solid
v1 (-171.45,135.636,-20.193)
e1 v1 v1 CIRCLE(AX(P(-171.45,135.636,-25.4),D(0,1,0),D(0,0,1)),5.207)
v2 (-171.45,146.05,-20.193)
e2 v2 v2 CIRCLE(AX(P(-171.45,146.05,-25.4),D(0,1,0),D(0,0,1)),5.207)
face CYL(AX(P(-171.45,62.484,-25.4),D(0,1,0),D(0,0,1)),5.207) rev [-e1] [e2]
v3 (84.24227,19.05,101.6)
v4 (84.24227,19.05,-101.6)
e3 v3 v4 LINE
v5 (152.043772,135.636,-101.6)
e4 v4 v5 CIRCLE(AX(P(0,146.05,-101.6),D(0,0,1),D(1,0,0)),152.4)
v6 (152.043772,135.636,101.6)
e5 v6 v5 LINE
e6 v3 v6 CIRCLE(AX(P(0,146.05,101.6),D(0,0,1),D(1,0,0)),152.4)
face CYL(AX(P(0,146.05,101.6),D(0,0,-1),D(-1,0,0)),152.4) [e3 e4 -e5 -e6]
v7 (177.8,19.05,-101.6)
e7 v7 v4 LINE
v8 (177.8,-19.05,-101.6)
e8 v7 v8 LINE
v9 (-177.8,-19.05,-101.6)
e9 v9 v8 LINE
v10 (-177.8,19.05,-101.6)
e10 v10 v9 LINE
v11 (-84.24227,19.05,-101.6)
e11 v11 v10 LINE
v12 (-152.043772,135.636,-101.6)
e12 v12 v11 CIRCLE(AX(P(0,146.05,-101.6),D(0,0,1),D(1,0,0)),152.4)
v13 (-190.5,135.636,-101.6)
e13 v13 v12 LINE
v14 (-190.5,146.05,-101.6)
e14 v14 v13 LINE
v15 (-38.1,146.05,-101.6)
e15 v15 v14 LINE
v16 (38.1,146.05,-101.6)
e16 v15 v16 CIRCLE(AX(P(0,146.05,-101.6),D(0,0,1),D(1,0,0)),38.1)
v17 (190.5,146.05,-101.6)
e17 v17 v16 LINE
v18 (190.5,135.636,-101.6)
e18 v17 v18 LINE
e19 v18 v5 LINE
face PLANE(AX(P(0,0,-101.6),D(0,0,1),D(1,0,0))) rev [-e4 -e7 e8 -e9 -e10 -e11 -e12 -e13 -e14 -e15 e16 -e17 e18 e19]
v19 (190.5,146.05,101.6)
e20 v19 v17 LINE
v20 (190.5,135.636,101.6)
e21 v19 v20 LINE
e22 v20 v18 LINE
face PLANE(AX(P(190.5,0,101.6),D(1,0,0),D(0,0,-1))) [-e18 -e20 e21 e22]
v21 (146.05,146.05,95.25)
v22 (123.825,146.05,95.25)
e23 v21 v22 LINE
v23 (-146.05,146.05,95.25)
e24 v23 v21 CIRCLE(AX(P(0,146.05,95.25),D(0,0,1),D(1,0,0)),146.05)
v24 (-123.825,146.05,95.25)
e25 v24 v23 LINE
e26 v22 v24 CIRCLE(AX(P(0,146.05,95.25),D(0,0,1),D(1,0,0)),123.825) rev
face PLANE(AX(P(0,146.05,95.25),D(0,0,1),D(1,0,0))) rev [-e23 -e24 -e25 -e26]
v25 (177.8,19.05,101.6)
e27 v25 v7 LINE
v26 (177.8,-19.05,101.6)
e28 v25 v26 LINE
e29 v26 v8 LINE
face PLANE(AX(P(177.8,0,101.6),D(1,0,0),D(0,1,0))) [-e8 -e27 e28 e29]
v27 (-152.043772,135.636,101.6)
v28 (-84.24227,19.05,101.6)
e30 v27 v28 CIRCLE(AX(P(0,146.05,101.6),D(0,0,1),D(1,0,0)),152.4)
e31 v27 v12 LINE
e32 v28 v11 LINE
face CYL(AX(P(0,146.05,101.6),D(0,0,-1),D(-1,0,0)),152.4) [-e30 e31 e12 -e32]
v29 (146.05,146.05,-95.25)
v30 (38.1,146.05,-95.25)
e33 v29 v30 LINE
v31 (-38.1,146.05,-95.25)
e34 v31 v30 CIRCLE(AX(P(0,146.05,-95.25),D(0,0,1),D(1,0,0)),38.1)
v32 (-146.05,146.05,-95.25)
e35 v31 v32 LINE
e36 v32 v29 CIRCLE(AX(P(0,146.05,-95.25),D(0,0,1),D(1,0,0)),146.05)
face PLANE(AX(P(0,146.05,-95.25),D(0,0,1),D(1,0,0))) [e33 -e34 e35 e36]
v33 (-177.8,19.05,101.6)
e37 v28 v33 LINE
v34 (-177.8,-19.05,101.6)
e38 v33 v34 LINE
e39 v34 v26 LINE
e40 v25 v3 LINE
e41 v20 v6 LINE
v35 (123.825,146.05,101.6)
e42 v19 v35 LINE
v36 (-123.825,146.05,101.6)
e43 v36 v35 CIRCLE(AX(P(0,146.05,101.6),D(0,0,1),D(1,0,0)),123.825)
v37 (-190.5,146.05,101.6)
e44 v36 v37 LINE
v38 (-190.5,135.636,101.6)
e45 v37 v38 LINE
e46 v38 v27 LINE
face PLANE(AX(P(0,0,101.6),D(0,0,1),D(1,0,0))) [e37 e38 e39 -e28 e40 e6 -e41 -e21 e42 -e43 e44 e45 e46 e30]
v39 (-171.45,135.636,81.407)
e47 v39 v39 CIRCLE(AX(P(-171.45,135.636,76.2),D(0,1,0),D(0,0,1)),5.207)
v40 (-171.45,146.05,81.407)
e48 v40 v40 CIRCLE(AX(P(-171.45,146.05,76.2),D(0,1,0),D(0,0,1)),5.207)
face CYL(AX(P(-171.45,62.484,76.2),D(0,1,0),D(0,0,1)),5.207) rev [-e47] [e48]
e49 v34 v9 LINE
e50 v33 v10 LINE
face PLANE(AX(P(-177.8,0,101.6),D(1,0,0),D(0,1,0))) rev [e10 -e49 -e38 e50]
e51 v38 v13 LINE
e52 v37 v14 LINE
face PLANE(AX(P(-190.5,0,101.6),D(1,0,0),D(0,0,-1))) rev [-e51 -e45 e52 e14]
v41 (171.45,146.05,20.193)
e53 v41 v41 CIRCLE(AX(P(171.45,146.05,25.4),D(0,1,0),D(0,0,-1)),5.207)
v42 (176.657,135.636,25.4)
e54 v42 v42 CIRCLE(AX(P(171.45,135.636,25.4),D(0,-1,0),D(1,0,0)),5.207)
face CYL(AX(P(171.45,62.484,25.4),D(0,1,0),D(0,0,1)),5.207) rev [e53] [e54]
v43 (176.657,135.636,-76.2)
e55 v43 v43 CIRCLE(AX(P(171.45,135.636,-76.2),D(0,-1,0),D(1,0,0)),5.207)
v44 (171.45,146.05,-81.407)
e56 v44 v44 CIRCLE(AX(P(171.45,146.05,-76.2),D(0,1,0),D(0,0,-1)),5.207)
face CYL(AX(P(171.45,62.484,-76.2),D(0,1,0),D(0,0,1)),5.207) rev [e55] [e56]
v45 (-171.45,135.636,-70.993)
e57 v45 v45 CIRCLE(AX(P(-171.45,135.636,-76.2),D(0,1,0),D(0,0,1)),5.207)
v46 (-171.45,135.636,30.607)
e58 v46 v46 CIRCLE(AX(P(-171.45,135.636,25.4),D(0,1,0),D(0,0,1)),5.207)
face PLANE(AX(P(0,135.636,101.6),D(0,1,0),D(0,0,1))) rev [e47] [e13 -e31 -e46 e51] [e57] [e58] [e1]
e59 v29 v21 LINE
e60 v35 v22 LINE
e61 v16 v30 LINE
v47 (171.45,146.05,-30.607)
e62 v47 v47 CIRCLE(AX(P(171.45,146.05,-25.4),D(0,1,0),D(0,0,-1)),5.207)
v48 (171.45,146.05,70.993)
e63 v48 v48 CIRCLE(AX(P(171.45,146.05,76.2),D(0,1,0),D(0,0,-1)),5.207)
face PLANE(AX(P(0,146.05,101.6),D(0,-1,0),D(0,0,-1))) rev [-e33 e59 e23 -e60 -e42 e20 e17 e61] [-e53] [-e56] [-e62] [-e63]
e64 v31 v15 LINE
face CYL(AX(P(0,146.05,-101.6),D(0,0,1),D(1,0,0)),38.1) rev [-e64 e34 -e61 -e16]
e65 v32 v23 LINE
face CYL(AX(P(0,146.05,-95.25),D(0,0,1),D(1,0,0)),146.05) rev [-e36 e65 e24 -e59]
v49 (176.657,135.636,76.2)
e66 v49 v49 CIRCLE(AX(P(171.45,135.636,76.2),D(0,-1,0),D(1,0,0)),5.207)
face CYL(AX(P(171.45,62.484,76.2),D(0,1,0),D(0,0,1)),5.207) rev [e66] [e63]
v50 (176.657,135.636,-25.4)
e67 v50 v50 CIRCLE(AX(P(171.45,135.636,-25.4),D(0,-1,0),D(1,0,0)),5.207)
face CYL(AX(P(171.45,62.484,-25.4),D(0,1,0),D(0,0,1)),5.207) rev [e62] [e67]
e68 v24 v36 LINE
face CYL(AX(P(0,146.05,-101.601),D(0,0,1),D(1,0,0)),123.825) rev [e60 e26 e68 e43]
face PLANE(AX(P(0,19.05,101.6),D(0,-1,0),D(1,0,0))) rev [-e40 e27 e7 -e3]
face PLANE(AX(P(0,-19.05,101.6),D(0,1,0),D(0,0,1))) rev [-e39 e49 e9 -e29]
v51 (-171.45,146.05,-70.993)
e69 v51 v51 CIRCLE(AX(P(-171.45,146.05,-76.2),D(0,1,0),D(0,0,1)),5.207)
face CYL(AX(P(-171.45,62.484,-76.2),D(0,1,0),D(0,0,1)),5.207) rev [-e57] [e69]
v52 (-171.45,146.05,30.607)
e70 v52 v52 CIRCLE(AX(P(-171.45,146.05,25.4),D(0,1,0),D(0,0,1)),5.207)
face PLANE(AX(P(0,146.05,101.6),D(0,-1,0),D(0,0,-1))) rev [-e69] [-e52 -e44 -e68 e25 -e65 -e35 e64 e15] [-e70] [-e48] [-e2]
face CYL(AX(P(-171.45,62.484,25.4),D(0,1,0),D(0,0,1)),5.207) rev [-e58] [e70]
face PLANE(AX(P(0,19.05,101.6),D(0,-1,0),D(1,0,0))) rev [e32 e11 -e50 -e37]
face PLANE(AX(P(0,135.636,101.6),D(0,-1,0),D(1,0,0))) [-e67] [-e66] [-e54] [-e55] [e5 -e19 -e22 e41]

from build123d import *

# Parameters (mm, degrees)
BOSS_EXTRUDE1_DEPTH = 101.6
CUT_EXTRUDE1_DEPTH  = 95.25
CUT_EXTRUDE2_REACH  = 316.501
SKETCH5_R           = 123.825
SKETCH6_R           = 38.1
CUT_EXTRUDE3_DEPTH  = 311.436426664
SKETCH7_R           = 5.207
CUT_EXTRUDE4_DEPTH  = 83.566


with BuildPart() as part:
    # Sketch2 → Boss-Extrude1 (new, symmetric)
    with BuildSketch(Plane.XY):
        with BuildLine():
            Line((-190.5, 135.636), (-152.043772, 135.636))
            ThreePointArc((-152.043772, 135.636), (0, -6.35), (152.043772, 135.636))
            Line((152.043772, 135.636), (190.5, 135.636))
            Line((190.5, 135.636), (190.5, 146.05))
            Line((190.5, 146.05), (152.4, 146.05))
            Line((152.4, 146.05), (-152.4, 146.05))
            Line((-152.4, 146.05), (-190.5, 146.05))
            Line((-190.5, 146.05), (-190.5, 135.636))
        make_face()
        with BuildLine():
            Line((-84.242269675, 19.05), (-177.8, 19.05))
            Line((-177.8, 19.05), (-177.8, -19.05))
            Line((-177.8, -19.05), (177.8, -19.05))
            Line((177.8, -19.05), (177.8, 19.05))
            Line((177.8, 19.05), (84.242269675, 19.05))
            ThreePointArc((84.242269675, 19.05), (0, -6.35), (-84.242269675, 19.05))
        make_face()
    extrude(amount=BOSS_EXTRUDE1_DEPTH, both=True)

    # Sketch4 → Cut-Extrude1 (cut, symmetric)
    with BuildSketch(Plane.XY):
        with BuildLine():
            Line((-146.05, 146.05), (146.05, 146.05))
            ThreePointArc((146.05, 146.05), (0, 0), (-146.05, 146.05))
        make_face()
    extrude(amount=CUT_EXTRUDE1_DEPTH, both=True, mode=Mode.SUBTRACT)

    # Sketch5 → Cut-Extrude2 (cut, up to next)
    with BuildSketch(Plane.XY.offset(101.6), mode=Mode.PRIVATE) as cut_extrude2_sk1:
        with Locations((0, 146.05)):
            Circle(SKETCH5_R)
    cut_extrude2_tool1 = extrude(cut_extrude2_sk1.sketch, amount=-CUT_EXTRUDE2_REACH, mode=Mode.PRIVATE) & part.part
    add(cut_extrude2_tool1.solids().sort_by_distance((0, 146.05, 101.6))[0], mode=Mode.SUBTRACT)

    # Sketch6 → Cut-Extrude3 (cut, through all)
    with BuildSketch(Plane.XY.offset(-95.25)):
        with Locations((0, 146.05)):
            Circle(SKETCH6_R)
    extrude(amount=-CUT_EXTRUDE3_DEPTH, mode=Mode.SUBTRACT)

    # Sketch7 → Cut-Extrude4 (cut)
    with BuildSketch(Plane(origin=(0, 146.05, 0), x_dir=(1, 0, 0), z_dir=(0, 1, 0))):
        with Locations(Location((-171.45, 76.2, 0), (0, 0, 270))):
            Circle(SKETCH7_R)
        with Locations(Location((-171.45, 25.4, 0), (0, 0, 270))):
            Circle(SKETCH7_R)
        with Locations(Location((-171.45, -25.4, 0), (0, 0, 270))):
            Circle(SKETCH7_R)
        with Locations(Location((-171.45, -76.2, 0), (0, 0, 270))):
            Circle(SKETCH7_R)
        with Locations((171.45, -76.2)):
            Circle(SKETCH7_R)
        with Locations((171.45, -25.4)):
            Circle(SKETCH7_R)
        with Locations((171.45, 25.4)):
            Circle(SKETCH7_R)
        with Locations((171.45, 76.2)):
            Circle(SKETCH7_R)
    extrude(amount=-CUT_EXTRUDE4_DEPTH, mode=Mode.SUBTRACT)


solid = part.part
